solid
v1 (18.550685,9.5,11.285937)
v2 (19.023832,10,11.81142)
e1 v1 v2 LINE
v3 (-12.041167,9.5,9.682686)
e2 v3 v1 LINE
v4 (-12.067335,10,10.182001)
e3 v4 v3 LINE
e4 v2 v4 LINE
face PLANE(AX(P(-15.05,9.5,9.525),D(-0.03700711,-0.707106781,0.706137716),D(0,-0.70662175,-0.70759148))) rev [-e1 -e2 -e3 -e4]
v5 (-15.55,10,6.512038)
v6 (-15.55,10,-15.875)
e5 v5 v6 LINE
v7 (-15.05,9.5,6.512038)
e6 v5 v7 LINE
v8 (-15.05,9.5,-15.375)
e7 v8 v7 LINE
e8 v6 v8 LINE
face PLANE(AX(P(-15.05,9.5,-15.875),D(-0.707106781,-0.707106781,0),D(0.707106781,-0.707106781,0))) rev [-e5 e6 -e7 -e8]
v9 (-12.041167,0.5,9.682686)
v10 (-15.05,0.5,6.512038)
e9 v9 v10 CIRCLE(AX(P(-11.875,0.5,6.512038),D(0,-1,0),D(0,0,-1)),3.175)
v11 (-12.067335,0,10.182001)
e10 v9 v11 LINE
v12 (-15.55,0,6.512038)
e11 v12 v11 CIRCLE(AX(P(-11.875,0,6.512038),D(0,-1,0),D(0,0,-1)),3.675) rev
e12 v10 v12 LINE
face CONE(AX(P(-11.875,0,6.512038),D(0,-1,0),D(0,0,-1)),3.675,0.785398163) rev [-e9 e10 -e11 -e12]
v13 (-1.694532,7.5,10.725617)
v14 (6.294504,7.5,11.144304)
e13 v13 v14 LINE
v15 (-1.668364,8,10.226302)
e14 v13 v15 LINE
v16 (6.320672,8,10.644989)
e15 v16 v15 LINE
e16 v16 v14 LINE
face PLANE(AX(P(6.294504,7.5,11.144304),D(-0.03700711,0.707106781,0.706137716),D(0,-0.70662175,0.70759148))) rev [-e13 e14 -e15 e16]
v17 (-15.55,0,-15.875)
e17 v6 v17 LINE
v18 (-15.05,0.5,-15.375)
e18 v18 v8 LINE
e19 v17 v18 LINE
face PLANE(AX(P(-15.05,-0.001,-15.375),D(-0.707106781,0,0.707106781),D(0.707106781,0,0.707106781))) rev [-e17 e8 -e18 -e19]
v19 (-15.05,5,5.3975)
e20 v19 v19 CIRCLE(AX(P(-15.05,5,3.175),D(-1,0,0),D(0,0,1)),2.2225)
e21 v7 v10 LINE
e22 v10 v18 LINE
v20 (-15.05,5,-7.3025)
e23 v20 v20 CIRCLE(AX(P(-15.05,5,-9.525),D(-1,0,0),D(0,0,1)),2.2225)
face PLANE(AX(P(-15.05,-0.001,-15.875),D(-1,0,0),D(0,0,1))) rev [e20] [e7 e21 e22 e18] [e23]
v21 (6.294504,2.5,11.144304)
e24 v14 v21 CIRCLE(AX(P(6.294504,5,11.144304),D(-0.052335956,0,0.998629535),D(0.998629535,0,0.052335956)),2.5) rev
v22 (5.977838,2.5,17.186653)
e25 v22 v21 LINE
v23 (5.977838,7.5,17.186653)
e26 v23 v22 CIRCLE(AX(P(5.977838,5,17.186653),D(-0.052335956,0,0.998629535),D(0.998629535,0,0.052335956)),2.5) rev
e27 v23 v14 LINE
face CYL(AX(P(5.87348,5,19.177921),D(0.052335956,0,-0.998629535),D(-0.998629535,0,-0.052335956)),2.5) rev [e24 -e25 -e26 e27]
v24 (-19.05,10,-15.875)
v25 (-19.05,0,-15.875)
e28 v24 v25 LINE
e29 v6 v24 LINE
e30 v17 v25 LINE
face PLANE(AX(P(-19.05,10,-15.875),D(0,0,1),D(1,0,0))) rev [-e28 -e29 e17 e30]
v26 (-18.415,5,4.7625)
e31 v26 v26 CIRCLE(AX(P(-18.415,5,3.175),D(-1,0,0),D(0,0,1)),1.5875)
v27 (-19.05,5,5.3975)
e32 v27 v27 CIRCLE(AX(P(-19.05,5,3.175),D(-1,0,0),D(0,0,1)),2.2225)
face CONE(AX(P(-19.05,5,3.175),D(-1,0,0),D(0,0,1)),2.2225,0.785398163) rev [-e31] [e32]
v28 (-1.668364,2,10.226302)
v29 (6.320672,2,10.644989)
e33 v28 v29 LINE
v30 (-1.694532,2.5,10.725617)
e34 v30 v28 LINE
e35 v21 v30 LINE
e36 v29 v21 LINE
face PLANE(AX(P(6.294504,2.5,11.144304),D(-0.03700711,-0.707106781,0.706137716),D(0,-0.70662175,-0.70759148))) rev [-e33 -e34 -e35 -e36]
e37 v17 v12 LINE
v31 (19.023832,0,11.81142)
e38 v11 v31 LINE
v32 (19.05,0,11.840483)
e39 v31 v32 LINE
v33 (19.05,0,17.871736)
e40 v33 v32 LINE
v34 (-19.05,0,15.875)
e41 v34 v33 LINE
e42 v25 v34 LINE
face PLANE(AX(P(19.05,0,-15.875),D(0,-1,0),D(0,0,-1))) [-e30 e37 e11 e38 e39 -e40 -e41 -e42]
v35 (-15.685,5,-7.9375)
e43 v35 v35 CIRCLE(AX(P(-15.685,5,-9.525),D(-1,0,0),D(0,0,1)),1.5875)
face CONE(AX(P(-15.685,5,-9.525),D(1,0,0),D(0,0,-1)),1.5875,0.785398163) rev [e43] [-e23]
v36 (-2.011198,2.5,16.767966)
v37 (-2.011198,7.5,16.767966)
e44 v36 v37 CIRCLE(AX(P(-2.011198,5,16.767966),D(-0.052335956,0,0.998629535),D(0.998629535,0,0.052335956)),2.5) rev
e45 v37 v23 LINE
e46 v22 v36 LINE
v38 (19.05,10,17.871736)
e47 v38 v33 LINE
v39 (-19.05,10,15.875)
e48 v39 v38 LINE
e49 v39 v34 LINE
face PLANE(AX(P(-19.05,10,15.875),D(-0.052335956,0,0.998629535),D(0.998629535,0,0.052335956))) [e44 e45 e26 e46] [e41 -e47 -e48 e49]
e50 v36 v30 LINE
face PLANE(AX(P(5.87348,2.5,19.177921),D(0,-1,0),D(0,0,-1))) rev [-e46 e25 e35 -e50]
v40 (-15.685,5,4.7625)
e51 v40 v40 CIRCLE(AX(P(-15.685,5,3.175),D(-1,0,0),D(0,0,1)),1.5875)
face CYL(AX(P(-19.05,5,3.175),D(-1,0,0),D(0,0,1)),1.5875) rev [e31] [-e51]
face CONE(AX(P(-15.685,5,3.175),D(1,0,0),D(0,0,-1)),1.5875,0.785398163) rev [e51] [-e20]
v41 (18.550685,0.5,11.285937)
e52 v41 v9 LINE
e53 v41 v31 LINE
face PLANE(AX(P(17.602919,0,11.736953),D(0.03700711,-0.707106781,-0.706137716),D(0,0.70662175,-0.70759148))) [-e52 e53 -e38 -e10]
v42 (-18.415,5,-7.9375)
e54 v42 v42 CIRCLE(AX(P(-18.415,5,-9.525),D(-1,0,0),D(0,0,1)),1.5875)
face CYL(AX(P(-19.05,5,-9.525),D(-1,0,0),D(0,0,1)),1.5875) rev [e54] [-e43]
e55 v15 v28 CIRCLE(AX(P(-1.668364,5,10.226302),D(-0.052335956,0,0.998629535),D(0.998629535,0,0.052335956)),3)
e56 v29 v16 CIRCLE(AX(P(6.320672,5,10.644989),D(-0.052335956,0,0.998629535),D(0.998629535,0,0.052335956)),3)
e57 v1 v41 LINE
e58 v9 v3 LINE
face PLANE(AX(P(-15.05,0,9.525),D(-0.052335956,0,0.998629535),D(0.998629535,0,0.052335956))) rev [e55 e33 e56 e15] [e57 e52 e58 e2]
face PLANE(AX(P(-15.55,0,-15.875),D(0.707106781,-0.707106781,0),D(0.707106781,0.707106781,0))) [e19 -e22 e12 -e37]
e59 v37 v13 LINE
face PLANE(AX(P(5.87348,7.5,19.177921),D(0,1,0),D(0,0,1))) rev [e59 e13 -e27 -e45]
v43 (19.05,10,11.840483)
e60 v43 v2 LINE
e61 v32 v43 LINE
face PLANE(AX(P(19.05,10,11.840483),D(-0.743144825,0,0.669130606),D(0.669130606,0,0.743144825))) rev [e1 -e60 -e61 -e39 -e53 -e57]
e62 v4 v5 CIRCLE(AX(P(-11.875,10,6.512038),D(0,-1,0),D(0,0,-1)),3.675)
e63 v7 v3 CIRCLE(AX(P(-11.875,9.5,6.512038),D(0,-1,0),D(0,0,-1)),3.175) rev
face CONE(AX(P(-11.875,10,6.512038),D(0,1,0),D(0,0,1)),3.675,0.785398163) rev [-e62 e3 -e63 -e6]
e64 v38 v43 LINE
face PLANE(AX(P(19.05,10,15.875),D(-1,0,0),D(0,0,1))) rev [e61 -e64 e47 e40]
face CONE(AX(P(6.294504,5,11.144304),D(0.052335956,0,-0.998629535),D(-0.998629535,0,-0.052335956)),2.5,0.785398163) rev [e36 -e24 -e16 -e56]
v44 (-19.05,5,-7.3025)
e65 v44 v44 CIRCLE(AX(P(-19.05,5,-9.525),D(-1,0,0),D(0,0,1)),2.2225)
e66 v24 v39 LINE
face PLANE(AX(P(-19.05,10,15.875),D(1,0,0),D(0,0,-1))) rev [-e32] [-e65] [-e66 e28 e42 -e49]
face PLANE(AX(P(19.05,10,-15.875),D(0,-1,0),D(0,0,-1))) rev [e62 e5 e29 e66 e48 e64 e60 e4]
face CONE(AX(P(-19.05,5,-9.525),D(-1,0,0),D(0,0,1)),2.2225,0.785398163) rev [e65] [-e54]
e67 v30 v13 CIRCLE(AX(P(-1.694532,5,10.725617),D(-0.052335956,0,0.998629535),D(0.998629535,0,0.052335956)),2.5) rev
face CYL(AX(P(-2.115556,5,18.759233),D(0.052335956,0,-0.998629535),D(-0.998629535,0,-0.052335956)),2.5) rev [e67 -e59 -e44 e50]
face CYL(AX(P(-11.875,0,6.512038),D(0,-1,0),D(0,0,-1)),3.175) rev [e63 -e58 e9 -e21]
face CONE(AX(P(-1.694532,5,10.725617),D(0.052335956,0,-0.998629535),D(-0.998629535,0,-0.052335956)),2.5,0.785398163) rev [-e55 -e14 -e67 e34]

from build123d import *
from OCP.BRepFilletAPI import BRepFilletAPI_MakeChamfer

# Parameters (mm, degrees)
SKETCH1_W                             = 38.1
SKETCH1_H                             = 31.75
BOSS_EXTRUDE1_DEPTH                   = 10
CUT_EXTRUDE1_REACH                    = 28.738
SKETCH2_W                             = 34.1
SKETCH2_H                             = 25.4
F_1_8_0_125_DIAMETER_HOLE1_AT_2_COUNT = 2
F_1_8_0_125_DIAMETER_HOLE1_AT_2_PITCH = 12.7
DRAFT1_ANGLE                          = 3
CUT_EXTRUDE2_DEPTH                    = 28.969652512
CUT_EXTRUDE3_DEPTH                    = 35.177500808
FILLET2_R                             = 3.175
CHAMFER1_SIZE                         = 0.5
CHAMFER2_SIZE                         = 0.5
CHAMFER2_SIZE2                        = 0.528377251


with BuildPart() as part:
    # Sketch1 → Boss-Extrude1 (new body)
    with BuildSketch(Plane(origin=(0, 0, 0), x_dir=(1, 0, 0), z_dir=(0, 1, 0))):
        Rectangle(SKETCH1_W, SKETCH1_H)
    extrude(amount=BOSS_EXTRUDE1_DEPTH)

    # Sketch2 → Cut-Extrude1 (cut, up to next)
    with BuildSketch(Plane(origin=(0, 10, 0), x_dir=(1, 0, 0), z_dir=(0, 1, 0)), mode=Mode.PRIVATE) as cut_extrude1_sk1:
        with Locations((2, 3.175)):
            Rectangle(SKETCH2_W, SKETCH2_H)
    cut_extrude1_tool1 = extrude(cut_extrude1_sk1.sketch, amount=-CUT_EXTRUDE1_REACH, mode=Mode.PRIVATE) & part.part
    add(cut_extrude1_tool1.solids().sort_by_distance((2, 10, -3.175))[0], mode=Mode.SUBTRACT)

    # Sketch3 → 1/8 (0.125) Diameter Hole1 (revolve, cut)
    with BuildSketch(Plane(origin=(-19.05, 5, -9.525), x_dir=(0, 0, 1), z_dir=(0, 1, 0))):
        Polygon((0, 0), (0, 4), (2.2225, 4), (1.5875, 3.365), (1.5875, 0.635), (2.2225, 0), align=None)
    f_1_8_0_125_diameter_hole1 = revolve(axis=Axis((-25.4, 5, -9.525), (1, 0, 0)), mode=Mode.SUBTRACT)

    # 1/8 (0.125) Diameter Hole1 at 2: 1/8 (0.125) Diameter Hole1 ×2
    with Locations(*[(0, 0, i * F_1_8_0_125_DIAMETER_HOLE1_AT_2_PITCH) for i in range(1, F_1_8_0_125_DIAMETER_HOLE1_AT_2_COUNT)]):
        add(f_1_8_0_125_diameter_hole1, mode=Mode.SUBTRACT)

    # Draft1
    draft1_faces = [part.faces().sort_by_distance(p)[0] for p in [
        (0, 5, 15.875),
    ]]
    draft(draft1_faces, Plane(origin=(-19.05, 10, 15.875), x_dir=(0, 0, -1), z_dir=(-1, 0, 0)), DRAFT1_ANGLE)

    # Sketch7 → Cut-Extrude2 (cut, through all)
    with BuildSketch(Plane(origin=(0, 10, 0), x_dir=(1, 0, 0), z_dir=(0, 1, 0))):
        Polygon((-15.05, -9.525), (19.05, -9.525), (19.05, -11.312105274), align=None)
    extrude(amount=-CUT_EXTRUDE2_DEPTH, mode=Mode.SUBTRACT)

    # Sketch8 → Cut-Extrude3 (cut, through all)
    with BuildSketch(Plane(origin=(-0.539039544, 0, 10.285487213), x_dir=(-0.9986295347545739, 0, -0.05233595624294398), z_dir=(0.05233595624294399, 0, -0.998629534754574))):
        with BuildLine():
            Line((-6.869125485, 7.5), (1.130874515, 7.5))
            ThreePointArc((1.130874515, 7.5), (3.630874515, 5), (1.130874515, 2.5))
            Line((1.130874515, 2.5), (-6.869125485, 2.5))
            ThreePointArc((-6.869125485, 2.5), (-9.369125485, 5), (-6.869125485, 7.5))
        make_face()
    extrude(amount=-CUT_EXTRUDE3_DEPTH, mode=Mode.SUBTRACT)

    # Fillet2
    fillet2_edges = [part.edges().sort_by_distance(p)[0] for p in [
        (-15.05, 5, 9.525),
    ]]
    fillet(fillet2_edges, radius=FILLET2_R)

    # Chamfer1
    chamfer1_edges = [part.edges().sort_by_distance(p)[0] for p in [
        (8.817245881, 5, 10.775829354),
        (2.326153905, 2.5, 10.435645639),
        (-4.164938071, 5, 10.095461923),
        (2.326153905, 7.5, 10.435645639),
    ]]
    chamfer(chamfer1_edges, length=CHAMFER1_SIZE)

    # Chamfer2: one chamfer whose edges measure the first distance from different faces: ONE call of the kernel's chamfer builder (chamfer() names one face for all edges)
    chamfer2_edges_1 = [part.edges().sort_by_distance(p)[0] for p in [
        (-15.05, 0, -4.68148125),
        (-15.05, 5, -15.875),
        (-15.05, 10, -4.68148125),
        (3.504416669, 10, 10.497395774),
        (3.504416669, 0, 10.497395774),
        (-14.178063628, 10, 8.697563279),
        (-14.178063628, 0, 8.697563279),
    ]]
    chamfer2_edges_2 = [part.edges().sort_by_distance(p)[0] for p in [
        (19.05, 5, 11.312105274),
    ]]
    chamfer2_side_2 = [part.faces().sort_by_distance(p)[0] for p in [
        (9.643116423, 5, 10.819111395),
    ]]
    chamfer2 = BRepFilletAPI_MakeChamfer(part.part.solid().wrapped)
    for e in chamfer2_edges_1:
        chamfer2.Add(CHAMFER2_SIZE, e.wrapped)
    for e in chamfer2_edges_2:
        chamfer2.Add(CHAMFER2_SIZE, CHAMFER2_SIZE2, e.wrapped, chamfer2_side_2[0].wrapped)  # the first distance lies on this face
    add(Compound.cast(chamfer2.Shape()), mode=Mode.REPLACE)


solid = part.part
